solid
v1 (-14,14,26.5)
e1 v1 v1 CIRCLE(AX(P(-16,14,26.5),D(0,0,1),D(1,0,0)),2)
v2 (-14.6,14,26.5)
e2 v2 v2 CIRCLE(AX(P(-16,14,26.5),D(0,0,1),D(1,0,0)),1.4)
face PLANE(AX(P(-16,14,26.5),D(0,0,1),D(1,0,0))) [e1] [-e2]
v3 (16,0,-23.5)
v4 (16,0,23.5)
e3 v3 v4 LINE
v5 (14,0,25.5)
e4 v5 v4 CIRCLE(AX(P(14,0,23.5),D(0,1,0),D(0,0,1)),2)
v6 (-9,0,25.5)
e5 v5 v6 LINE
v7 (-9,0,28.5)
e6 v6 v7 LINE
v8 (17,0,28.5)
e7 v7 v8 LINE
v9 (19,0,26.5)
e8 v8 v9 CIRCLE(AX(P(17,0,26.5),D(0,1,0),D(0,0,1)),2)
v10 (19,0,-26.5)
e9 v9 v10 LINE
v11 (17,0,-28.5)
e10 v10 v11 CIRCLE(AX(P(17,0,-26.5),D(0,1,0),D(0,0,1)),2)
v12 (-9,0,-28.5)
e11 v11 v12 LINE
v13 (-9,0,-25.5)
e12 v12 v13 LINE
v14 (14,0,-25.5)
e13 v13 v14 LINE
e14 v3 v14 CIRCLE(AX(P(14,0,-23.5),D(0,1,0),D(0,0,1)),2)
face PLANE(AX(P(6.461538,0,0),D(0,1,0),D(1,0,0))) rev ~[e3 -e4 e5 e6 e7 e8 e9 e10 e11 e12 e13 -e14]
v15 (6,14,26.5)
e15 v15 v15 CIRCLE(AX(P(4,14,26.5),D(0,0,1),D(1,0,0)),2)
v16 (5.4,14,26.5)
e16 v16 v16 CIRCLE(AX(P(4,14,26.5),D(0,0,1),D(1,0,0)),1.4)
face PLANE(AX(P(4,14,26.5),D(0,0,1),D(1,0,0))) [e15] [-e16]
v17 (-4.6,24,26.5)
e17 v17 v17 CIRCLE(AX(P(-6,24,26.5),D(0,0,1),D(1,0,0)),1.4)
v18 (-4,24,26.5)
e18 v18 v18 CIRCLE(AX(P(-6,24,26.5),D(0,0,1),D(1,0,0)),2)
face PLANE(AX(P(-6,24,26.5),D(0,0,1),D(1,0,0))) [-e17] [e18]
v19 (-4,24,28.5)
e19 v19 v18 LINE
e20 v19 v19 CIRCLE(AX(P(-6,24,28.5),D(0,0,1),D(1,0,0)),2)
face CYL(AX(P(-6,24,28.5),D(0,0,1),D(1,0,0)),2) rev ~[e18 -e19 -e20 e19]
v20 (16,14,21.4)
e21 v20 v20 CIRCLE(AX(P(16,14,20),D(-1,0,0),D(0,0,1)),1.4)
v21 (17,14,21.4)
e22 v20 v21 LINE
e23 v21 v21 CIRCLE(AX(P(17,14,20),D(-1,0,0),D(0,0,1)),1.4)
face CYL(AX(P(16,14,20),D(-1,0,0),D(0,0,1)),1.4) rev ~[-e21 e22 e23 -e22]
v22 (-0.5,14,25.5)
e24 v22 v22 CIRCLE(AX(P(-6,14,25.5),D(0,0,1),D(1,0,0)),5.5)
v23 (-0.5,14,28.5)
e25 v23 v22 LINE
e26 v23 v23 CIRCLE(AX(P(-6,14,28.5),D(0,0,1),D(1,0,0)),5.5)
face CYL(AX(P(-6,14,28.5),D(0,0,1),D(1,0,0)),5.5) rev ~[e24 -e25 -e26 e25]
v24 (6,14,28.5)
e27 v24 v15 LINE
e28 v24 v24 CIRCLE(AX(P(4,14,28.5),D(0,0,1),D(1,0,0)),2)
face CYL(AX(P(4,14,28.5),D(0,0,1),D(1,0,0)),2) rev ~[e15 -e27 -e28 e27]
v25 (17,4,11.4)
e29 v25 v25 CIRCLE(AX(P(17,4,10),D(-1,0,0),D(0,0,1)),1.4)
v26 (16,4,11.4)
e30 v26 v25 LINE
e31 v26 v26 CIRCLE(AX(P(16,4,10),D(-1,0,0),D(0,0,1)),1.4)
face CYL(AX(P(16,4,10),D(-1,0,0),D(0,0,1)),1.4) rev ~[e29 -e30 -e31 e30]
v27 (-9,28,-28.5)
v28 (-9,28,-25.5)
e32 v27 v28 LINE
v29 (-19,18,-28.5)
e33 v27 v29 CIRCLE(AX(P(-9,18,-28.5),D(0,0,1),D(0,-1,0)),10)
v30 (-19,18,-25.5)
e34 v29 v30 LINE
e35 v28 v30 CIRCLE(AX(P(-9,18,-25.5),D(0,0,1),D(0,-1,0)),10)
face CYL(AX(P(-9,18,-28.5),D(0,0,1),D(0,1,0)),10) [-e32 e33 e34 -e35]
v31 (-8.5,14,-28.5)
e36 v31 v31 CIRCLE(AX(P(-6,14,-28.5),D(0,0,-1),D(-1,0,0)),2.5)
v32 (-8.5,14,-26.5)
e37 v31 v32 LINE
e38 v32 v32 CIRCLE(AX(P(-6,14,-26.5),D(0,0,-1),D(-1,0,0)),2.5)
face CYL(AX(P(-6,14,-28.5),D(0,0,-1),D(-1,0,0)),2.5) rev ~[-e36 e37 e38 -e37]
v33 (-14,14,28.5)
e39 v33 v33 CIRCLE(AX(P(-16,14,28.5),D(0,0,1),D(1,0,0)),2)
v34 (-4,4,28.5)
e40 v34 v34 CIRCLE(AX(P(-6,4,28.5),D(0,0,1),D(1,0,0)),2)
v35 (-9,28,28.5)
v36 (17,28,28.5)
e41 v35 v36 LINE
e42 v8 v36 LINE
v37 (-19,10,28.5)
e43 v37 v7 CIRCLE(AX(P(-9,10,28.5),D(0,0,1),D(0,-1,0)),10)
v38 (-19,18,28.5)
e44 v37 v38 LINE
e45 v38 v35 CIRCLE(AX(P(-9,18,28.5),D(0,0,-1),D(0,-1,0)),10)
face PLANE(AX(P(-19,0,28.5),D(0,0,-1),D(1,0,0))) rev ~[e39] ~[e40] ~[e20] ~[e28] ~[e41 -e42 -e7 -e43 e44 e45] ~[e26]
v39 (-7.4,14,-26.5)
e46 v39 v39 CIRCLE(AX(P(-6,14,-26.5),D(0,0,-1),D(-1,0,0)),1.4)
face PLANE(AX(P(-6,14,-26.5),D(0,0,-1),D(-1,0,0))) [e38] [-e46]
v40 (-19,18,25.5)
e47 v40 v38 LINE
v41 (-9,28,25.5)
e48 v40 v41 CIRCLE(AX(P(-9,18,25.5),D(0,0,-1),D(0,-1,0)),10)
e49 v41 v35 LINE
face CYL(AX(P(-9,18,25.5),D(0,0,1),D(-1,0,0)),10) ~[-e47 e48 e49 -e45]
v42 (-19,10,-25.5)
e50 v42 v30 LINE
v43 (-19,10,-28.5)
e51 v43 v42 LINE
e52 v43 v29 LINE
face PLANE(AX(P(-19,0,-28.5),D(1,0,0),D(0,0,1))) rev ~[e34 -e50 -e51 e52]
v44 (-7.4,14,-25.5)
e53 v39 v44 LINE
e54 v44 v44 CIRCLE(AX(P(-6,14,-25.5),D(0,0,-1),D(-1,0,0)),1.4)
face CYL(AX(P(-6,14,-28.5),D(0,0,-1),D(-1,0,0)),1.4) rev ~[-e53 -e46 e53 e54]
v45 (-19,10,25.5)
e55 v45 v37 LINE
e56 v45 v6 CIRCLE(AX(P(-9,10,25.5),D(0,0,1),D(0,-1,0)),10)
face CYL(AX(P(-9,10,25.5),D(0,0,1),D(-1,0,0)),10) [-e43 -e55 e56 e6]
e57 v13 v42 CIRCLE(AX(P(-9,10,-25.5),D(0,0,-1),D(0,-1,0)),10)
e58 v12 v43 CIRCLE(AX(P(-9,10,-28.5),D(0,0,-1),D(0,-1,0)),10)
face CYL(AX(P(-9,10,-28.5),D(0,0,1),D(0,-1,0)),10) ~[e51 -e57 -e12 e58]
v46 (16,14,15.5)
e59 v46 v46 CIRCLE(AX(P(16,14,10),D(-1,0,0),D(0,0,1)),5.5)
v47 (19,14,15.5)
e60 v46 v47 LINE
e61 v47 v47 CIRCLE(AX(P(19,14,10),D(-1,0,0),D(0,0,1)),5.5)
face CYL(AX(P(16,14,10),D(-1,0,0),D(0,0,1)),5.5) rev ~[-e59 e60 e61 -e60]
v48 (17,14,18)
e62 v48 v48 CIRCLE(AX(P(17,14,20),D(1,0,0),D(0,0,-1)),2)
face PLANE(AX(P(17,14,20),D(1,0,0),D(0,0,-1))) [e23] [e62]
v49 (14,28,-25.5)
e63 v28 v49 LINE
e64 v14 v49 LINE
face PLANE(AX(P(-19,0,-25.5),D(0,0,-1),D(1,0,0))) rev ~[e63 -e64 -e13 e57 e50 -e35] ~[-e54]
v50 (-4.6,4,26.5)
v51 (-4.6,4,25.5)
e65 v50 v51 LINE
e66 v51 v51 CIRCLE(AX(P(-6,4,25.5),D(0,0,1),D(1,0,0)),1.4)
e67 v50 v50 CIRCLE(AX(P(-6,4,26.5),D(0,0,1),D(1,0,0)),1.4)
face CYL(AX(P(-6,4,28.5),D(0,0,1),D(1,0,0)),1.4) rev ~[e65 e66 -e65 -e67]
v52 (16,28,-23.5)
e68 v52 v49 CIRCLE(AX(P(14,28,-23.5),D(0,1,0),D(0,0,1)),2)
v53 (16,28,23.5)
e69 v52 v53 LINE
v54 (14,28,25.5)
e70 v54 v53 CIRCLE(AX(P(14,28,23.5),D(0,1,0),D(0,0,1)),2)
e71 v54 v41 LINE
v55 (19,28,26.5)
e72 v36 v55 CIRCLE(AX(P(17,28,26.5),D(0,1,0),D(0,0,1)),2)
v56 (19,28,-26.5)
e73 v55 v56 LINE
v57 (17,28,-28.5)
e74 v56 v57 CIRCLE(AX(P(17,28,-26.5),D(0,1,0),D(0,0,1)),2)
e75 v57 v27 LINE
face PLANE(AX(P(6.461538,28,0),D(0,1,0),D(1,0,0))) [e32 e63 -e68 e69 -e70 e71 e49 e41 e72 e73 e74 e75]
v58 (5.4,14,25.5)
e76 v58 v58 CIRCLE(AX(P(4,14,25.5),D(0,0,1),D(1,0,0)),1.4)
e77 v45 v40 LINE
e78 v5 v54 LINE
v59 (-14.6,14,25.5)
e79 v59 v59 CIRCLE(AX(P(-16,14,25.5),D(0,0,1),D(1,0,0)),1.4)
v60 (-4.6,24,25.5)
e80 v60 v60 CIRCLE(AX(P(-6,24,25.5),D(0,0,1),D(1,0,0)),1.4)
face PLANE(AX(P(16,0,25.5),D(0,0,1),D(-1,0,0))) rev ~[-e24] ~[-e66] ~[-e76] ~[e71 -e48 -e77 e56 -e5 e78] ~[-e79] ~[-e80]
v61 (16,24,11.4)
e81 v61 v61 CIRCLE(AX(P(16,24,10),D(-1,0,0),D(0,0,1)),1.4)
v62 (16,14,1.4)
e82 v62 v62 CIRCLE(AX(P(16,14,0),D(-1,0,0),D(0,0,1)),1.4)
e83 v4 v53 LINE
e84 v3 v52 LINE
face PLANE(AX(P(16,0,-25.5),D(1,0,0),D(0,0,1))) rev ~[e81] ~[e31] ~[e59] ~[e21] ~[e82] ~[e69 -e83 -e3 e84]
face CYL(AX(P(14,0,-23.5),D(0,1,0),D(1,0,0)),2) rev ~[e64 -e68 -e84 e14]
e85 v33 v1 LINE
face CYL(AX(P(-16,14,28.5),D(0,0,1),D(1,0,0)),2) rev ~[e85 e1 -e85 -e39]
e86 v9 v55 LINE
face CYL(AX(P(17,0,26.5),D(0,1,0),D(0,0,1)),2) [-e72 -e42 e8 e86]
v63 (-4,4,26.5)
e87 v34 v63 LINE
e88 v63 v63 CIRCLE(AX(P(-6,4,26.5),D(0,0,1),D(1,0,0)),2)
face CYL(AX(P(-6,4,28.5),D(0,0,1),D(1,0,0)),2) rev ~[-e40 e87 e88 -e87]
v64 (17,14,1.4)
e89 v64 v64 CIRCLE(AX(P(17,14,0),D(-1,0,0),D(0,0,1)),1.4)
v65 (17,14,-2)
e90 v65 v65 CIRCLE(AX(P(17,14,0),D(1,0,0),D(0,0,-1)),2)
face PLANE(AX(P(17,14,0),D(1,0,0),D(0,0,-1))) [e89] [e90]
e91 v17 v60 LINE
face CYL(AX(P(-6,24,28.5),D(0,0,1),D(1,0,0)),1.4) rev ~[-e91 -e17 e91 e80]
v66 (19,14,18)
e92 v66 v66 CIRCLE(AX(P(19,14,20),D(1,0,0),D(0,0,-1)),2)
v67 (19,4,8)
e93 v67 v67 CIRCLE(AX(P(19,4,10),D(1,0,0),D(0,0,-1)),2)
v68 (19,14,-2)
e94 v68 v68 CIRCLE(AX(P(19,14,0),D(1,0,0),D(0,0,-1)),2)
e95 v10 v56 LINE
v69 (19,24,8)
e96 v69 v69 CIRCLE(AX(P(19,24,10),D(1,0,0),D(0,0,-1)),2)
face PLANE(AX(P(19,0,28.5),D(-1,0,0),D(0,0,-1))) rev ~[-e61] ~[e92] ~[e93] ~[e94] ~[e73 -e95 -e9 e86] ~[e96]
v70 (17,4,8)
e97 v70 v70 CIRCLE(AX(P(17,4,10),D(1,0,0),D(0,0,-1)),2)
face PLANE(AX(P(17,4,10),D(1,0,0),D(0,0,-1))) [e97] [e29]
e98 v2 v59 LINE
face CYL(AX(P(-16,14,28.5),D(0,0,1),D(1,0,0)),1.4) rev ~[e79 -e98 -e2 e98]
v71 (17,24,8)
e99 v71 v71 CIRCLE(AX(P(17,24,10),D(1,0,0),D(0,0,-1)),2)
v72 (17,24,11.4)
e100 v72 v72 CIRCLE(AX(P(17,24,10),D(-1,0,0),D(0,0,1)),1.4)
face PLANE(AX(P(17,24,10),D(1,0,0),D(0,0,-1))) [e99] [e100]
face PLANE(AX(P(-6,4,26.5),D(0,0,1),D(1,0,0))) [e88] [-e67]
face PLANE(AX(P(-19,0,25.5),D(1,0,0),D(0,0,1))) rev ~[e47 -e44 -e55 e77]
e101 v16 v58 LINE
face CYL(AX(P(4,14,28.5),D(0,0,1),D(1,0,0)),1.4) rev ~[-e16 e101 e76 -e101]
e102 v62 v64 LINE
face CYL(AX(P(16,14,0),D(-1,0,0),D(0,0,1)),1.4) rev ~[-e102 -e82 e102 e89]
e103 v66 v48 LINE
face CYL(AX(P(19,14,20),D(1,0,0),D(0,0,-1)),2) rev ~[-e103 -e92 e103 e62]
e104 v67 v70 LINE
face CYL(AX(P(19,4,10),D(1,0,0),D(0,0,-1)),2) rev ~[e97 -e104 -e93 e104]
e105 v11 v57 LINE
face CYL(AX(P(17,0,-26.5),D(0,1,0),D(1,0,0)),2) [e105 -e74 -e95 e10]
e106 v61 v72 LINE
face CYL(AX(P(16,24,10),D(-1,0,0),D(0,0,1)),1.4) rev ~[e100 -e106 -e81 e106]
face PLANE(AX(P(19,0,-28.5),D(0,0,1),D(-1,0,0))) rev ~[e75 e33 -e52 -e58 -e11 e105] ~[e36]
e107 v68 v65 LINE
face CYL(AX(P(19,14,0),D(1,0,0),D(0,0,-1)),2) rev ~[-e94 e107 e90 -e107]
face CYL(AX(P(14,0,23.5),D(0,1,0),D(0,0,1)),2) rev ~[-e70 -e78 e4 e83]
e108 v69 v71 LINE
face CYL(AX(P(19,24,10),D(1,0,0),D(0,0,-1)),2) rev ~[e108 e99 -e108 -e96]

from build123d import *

# Parameters (mm, degrees)
BOSS_EXTRUDE1_DEPTH = 28
SKETCH2_R           = 1.4
SKETCH2_R_2         = 5.5
CUT_EXTRUDE1_DEPTH  = 54.115440316
CUT_EXTRUDE2_REACH  = 68.287
SKETCH3_R           = 1.4
SKETCH3_R_2         = 5.5
CUT_EXTRUDE3_REACH  = 68.287
SKETCH4_R           = 1.4
SKETCH5_R           = 2
CUT_EXTRUDE4_DEPTH  = 2
SKETCH6_R           = 2
CUT_EXTRUDE5_DEPTH  = 2
SKETCH7_R           = 2.5
CUT_EXTRUDE6_DEPTH  = 2
FILLET1_R           = 10
FILLET2_R           = 2


with BuildPart() as part:
    # Sketch1 → Boss-Extrude1 (new body)
    with BuildSketch(Plane(origin=(0, 0, 0), x_dir=(1, 0, 0), z_dir=(0, 1, 0))):
        Polygon((-19, -28.5), (19, -28.5), (19, 28.5), (-19, 28.5), (-19, 25.5), (16, 25.5), (16, -25.5), (-19, -25.5), align=None)
    extrude(amount=BOSS_EXTRUDE1_DEPTH)

    # Sketch2 → Cut-Extrude1 (cut, through all)
    with BuildSketch(Plane.ZY.offset(-16)):
        with Locations((10, 4)):
            Circle(SKETCH2_R)
        with Locations((10, 24)):
            Circle(SKETCH2_R)
        with Locations((0, 14)):
            Circle(SKETCH2_R)
        with Locations((20, 14)):
            Circle(SKETCH2_R)
        with Locations((10, 14)):
            Circle(SKETCH2_R_2)
    extrude(amount=-CUT_EXTRUDE1_DEPTH, mode=Mode.SUBTRACT)

    # Sketch3 → Cut-Extrude2 (cut, up to next)
    with BuildSketch(Plane.XY.offset(28.5), mode=Mode.PRIVATE) as cut_extrude2_sk1:
        with Locations((-16, 14)):
            Circle(SKETCH3_R)
    cut_extrude2_tool1 = extrude(cut_extrude2_sk1.sketch, amount=-CUT_EXTRUDE2_REACH, mode=Mode.PRIVATE) & part.part
    # Sketch3 → Cut-Extrude2 (cut, up to next)
    with BuildSketch(Plane.XY.offset(28.5), mode=Mode.PRIVATE) as cut_extrude2_sk2:
        with Locations((-6, 4)):
            Circle(SKETCH3_R)
    cut_extrude2_tool2 = extrude(cut_extrude2_sk2.sketch, amount=-CUT_EXTRUDE2_REACH, mode=Mode.PRIVATE) & part.part
    # Sketch3 → Cut-Extrude2 (cut, up to next)
    with BuildSketch(Plane.XY.offset(28.5), mode=Mode.PRIVATE) as cut_extrude2_sk3:
        with Locations((4, 14)):
            Circle(SKETCH3_R)
    cut_extrude2_tool3 = extrude(cut_extrude2_sk3.sketch, amount=-CUT_EXTRUDE2_REACH, mode=Mode.PRIVATE) & part.part
    # Sketch3 → Cut-Extrude2 (cut, up to next)
    with BuildSketch(Plane.XY.offset(28.5), mode=Mode.PRIVATE) as cut_extrude2_sk4:
        with Locations((-6, 24)):
            Circle(SKETCH3_R)
    cut_extrude2_tool4 = extrude(cut_extrude2_sk4.sketch, amount=-CUT_EXTRUDE2_REACH, mode=Mode.PRIVATE) & part.part
    # Sketch3 → Cut-Extrude2 (cut, up to next)
    with BuildSketch(Plane.XY.offset(28.5), mode=Mode.PRIVATE) as cut_extrude2_sk5:
        with Locations((-6, 14)):
            Circle(SKETCH3_R_2)
    cut_extrude2_tool5 = extrude(cut_extrude2_sk5.sketch, amount=-CUT_EXTRUDE2_REACH, mode=Mode.PRIVATE) & part.part
    add(cut_extrude2_tool1.solids().sort_by_distance((-16, 14, 28.5))[0], mode=Mode.SUBTRACT)
    add(cut_extrude2_tool2.solids().sort_by_distance((-6, 4, 28.5))[0], mode=Mode.SUBTRACT)
    add(cut_extrude2_tool3.solids().sort_by_distance((4, 14, 28.5))[0], mode=Mode.SUBTRACT)
    add(cut_extrude2_tool4.solids().sort_by_distance((-6, 24, 28.5))[0], mode=Mode.SUBTRACT)
    add(cut_extrude2_tool5.solids().sort_by_distance((-6, 14, 28.5))[0], mode=Mode.SUBTRACT)

    # Sketch4 → Cut-Extrude3 (cut, up to next)
    with BuildSketch(Plane(origin=(0, 0, -28.5), x_dir=(-1, 0, 0), z_dir=(0, 0, -1)), mode=Mode.PRIVATE) as cut_extrude3_sk1:
        with Locations((6, 14)):
            Circle(SKETCH4_R)
    cut_extrude3_tool1 = extrude(cut_extrude3_sk1.sketch, amount=-CUT_EXTRUDE3_REACH, mode=Mode.PRIVATE) & part.part
    add(cut_extrude3_tool1.solids().sort_by_distance((-6, 14, -28.5))[0], mode=Mode.SUBTRACT)

    # Sketch5 → Cut-Extrude4 (cut)
    with BuildSketch(Plane.XY.offset(28.5)):
        with Locations((-16, 14)):
            Circle(SKETCH5_R)
        with Locations((-6, 24)):
            Circle(SKETCH5_R)
        with Locations((4, 14)):
            Circle(SKETCH5_R)
        with Locations((-6, 4)):
            Circle(SKETCH5_R)
    extrude(amount=-CUT_EXTRUDE4_DEPTH, mode=Mode.SUBTRACT)

    # Sketch6 → Cut-Extrude5 (cut)
    with BuildSketch(Plane(origin=(19, 0, 0), x_dir=(0, 0, -1), z_dir=(1, 0, 0))):
        with Locations((-10, 24)):
            Circle(SKETCH6_R)
        with Locations((0, 14)):
            Circle(SKETCH6_R)
        with Locations((-10, 4)):
            Circle(SKETCH6_R)
        with Locations((-20, 14)):
            Circle(SKETCH6_R)
    extrude(amount=-CUT_EXTRUDE5_DEPTH, mode=Mode.SUBTRACT)

    # Sketch7 → Cut-Extrude6 (cut)
    with BuildSketch(Plane(origin=(0, 0, -28.5), x_dir=(-1, 0, 0), z_dir=(0, 0, -1))):
        with Locations((6, 14)):
            Circle(SKETCH7_R)
    extrude(amount=-CUT_EXTRUDE6_DEPTH, mode=Mode.SUBTRACT)

    # Fillet1
    fillet1_edges = [part.edges().sort_by_distance(p)[0] for p in [
        (-19, 0, 27),
        (-19, 28, 27),
        (-19, 28, -27),
        (-19, 0, -27),
    ]]
    fillet(fillet1_edges, radius=FILLET1_R)

    # Fillet2
    fillet2_edges = [part.edges().sort_by_distance(p)[0] for p in [
        (19, 14, -28.5),
        (19, 14, 28.5),
        (16, 14, 25.5),
        (16, 14, -25.5),
    ]]
    fillet(fillet2_edges, radius=FILLET2_R)


solid = part.part
